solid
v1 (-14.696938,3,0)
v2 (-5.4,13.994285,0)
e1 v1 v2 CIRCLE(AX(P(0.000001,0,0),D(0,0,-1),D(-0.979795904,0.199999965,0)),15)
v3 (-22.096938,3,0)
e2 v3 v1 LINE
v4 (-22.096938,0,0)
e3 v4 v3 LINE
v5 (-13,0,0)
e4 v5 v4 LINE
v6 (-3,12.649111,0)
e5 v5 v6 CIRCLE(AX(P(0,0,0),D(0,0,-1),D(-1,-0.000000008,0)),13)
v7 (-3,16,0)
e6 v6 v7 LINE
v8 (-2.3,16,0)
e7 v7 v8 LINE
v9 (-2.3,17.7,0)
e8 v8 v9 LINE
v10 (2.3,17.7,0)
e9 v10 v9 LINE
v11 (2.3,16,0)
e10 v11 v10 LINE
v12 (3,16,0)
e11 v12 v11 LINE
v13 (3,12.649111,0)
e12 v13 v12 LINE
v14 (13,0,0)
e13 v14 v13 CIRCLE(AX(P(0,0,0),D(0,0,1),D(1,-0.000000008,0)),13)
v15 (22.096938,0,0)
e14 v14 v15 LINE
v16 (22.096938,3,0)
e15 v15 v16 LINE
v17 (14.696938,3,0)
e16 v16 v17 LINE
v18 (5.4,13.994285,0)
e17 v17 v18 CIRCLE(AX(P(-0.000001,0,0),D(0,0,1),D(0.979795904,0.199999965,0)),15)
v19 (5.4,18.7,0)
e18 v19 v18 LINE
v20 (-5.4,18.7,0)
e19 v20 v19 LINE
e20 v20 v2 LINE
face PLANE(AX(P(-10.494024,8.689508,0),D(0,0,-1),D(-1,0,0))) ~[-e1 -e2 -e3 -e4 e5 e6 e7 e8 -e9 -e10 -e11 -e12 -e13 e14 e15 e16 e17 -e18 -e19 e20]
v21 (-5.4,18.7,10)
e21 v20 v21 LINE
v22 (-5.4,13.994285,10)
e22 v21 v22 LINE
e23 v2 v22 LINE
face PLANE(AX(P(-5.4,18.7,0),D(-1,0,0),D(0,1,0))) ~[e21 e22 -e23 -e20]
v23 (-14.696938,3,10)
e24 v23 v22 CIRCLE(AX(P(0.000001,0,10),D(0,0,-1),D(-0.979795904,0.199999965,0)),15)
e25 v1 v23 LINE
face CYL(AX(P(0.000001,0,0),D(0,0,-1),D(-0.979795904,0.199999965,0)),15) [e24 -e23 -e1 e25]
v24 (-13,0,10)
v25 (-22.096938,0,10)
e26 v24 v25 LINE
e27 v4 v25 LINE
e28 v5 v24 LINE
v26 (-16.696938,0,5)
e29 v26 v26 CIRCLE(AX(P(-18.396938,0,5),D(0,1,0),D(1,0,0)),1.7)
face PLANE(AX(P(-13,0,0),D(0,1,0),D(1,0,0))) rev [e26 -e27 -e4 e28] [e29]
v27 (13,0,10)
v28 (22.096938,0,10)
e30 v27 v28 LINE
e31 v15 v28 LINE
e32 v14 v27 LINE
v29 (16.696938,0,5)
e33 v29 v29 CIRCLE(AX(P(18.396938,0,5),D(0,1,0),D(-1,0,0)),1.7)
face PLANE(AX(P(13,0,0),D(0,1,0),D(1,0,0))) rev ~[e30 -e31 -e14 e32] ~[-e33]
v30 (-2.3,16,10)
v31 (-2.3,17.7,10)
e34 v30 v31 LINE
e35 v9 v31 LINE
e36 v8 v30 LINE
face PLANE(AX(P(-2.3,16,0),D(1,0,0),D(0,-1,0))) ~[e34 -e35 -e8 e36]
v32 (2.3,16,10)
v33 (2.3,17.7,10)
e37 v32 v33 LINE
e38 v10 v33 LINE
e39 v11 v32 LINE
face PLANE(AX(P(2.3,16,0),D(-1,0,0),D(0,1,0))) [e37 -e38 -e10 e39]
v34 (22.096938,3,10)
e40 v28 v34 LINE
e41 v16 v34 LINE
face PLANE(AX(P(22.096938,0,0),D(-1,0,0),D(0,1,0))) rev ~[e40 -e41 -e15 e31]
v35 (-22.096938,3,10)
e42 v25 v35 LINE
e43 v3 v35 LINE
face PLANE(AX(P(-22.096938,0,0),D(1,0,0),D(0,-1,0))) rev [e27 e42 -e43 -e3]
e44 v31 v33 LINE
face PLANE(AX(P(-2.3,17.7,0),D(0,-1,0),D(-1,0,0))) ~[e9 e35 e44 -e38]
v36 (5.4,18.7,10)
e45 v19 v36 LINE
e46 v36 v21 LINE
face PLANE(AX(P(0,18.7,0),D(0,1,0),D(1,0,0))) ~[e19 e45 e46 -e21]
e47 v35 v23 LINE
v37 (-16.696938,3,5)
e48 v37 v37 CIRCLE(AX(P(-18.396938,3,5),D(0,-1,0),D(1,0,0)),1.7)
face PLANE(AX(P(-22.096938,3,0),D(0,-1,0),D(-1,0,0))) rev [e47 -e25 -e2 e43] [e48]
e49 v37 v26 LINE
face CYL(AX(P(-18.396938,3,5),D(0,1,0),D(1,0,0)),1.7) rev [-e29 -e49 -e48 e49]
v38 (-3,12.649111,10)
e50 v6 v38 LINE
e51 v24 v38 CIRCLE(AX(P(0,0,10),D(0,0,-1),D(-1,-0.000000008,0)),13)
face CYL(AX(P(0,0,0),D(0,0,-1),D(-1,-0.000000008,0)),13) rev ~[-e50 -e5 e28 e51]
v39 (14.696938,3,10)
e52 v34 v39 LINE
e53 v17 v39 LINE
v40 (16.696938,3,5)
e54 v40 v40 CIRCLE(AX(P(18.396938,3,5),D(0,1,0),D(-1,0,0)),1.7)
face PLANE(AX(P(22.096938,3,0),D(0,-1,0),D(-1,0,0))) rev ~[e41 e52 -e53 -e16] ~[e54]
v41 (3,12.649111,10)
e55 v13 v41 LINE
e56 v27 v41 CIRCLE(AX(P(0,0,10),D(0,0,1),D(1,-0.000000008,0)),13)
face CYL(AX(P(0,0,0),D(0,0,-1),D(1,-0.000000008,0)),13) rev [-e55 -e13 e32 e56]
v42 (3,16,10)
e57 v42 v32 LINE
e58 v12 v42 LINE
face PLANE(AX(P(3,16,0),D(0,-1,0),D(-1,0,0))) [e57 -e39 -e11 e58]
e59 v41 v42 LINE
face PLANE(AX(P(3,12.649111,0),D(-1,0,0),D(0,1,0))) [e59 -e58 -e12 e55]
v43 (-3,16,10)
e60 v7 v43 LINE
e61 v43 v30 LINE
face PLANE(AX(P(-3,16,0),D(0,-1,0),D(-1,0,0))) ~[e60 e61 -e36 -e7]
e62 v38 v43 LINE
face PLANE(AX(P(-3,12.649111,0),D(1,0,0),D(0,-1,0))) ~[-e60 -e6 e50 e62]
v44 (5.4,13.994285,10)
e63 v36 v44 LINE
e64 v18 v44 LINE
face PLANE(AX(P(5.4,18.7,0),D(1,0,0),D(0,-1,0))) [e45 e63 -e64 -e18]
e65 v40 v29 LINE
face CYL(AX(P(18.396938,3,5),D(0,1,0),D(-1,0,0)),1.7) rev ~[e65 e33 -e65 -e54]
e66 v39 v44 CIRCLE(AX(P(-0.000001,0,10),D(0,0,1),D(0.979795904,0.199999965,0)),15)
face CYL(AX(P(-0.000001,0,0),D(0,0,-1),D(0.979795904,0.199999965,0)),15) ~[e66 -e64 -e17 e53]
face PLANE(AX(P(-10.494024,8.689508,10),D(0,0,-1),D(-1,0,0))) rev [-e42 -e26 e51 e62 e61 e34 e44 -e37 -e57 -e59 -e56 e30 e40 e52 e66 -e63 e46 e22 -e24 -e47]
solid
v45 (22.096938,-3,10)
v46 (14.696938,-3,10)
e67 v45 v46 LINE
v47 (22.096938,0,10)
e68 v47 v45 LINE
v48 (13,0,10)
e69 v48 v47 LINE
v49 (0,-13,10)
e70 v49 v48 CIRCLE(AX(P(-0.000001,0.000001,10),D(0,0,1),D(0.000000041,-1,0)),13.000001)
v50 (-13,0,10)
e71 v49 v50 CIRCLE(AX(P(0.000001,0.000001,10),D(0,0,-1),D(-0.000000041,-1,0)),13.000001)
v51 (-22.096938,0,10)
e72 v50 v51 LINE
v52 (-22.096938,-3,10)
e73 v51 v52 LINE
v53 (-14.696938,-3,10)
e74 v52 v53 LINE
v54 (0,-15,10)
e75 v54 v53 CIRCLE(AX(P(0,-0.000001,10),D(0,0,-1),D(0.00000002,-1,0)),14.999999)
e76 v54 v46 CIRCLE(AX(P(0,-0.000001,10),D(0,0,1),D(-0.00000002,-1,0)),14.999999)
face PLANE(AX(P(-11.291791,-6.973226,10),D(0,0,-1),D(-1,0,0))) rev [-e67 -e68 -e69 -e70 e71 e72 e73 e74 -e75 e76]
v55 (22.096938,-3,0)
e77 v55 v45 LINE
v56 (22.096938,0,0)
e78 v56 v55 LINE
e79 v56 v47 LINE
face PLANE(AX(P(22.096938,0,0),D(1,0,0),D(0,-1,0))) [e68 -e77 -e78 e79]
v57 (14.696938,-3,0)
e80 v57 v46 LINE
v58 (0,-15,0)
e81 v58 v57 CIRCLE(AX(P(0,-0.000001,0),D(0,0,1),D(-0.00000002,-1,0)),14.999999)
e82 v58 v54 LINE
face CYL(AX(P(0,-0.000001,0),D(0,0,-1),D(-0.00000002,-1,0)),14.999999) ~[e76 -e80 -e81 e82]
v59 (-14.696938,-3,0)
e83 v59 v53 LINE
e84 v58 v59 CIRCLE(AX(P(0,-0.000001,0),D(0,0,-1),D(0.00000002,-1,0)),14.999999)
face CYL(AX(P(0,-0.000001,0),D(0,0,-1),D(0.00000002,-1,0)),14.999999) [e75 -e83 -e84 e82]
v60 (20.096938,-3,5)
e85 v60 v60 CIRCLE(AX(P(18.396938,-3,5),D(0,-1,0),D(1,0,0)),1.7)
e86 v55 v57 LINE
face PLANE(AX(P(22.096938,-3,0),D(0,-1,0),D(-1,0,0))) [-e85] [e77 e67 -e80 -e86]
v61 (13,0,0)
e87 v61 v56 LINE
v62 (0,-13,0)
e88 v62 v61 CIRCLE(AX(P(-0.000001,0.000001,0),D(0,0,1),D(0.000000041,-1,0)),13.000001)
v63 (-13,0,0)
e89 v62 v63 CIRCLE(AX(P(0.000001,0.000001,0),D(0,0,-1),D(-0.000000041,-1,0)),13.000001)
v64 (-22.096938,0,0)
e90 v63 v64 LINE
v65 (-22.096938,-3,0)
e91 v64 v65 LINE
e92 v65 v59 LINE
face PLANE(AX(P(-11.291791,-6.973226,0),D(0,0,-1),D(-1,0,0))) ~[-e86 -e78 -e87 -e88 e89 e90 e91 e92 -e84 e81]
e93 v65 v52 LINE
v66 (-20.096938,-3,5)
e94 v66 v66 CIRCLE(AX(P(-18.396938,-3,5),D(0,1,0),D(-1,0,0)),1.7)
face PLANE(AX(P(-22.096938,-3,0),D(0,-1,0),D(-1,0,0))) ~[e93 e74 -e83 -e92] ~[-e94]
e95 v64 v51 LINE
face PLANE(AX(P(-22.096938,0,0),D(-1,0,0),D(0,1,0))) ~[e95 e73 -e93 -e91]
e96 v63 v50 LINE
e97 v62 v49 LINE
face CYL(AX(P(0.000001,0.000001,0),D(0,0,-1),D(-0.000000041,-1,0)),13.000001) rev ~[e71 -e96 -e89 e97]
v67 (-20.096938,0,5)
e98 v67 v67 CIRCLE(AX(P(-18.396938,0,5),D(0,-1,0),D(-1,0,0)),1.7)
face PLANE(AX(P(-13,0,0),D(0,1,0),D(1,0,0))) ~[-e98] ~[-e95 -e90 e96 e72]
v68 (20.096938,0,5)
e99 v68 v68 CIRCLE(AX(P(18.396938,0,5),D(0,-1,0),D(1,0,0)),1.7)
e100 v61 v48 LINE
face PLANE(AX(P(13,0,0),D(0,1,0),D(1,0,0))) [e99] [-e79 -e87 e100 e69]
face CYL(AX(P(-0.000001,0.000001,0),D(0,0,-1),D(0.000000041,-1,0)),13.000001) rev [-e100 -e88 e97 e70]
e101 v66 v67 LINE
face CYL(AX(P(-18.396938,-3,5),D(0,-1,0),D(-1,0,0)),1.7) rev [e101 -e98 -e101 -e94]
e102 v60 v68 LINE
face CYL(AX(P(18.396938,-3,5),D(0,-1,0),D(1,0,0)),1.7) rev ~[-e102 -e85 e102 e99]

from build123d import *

# Parameters (mm, degrees)
PAD_DEPTH       = 10
SKETCH001_R     = 1.7
POCKET_DEPTH    = 5
PAD001_DEPTH    = 10
SKETCH003_R     = 1.7
POCKET001_DEPTH = 5


with BuildPart() as body:
    # Sketch → Pad (new body)
    with BuildSketch(Plane.XY):
        with BuildLine():
            ThreePointArc((13, 0), (10.198039, 8.062258), (3, 12.649111))
            Line((3, 12.649111), (3, 13))
            Line((3, 13), (3, 16))
            Line((3, 16), (2.3, 16))
            Line((2.3, 16), (2.3, 17.7))
            Line((2.3, 17.7), (0, 17.7))
            Line((0, 17.7), (0, 18.7))
            Line((0, 18.7), (5.4, 18.7))
            Line((5.4, 18.7), (5.4, 13.994285))
            ThreePointArc((14.696938, 3), (11.453834, 9.68554), (5.4, 13.994285))
            Line((22.096938, 3), (14.696938, 3))
            Line((22.096938, 0), (22.096938, 3))
            Line((13, 0), (22.096938, 0))
        make_face()
    pad = extrude(amount=PAD_DEPTH)

    # Sketch001 (on Face1 of Pad) → Pocket (cut)
    with BuildSketch(Plane(origin=(0, 3, 0), x_dir=(-1, 0, 0), z_dir=(0, 1, 0))):
        with Locations((-18.396938, 5)):
            Circle(SKETCH001_R)
    pocket = extrude(amount=-POCKET_DEPTH, mode=Mode.SUBTRACT)

    # Mirrored001: Pad, Pocket across Sketch V_Axis
    add(pad.mirror(Plane(origin=(0, 0, 0), x_dir=(0, 0, 1), z_dir=(1, 0, 0))))
    add(pocket.mirror(Plane(origin=(0, 0, 0), x_dir=(0, 0, 1), z_dir=(1, 0, 0))), mode=Mode.SUBTRACT)


with BuildPart() as body001:
    # Sketch002 → Pad001 (new body)
    with BuildSketch(Plane.XY):
        with BuildLine():
            ThreePointArc((0, -13), (9.192388, -9.192388), (13, 0))
            Line((13, 0), (22.096938, 0))
            Line((22.096938, 0), (22.096938, -3))
            Line((22.096938, -3), (14.696938, -3))
            ThreePointArc((0, -15), (9.486833, -11.61895), (14.696938, -3))
            Line((0, -13), (0, -15))
        make_face()
    pad001 = extrude(amount=PAD001_DEPTH)

    # Sketch003 (on Face4 of Pad001) → Pocket001 (cut)
    with BuildSketch(Plane.XZ.offset(3)):
        with Locations((18.396938, 5)):
            Circle(SKETCH003_R)
    pocket001 = extrude(amount=-POCKET001_DEPTH, mode=Mode.SUBTRACT)

    # Mirrored: Pad001, Pocket001 across Sketch002 V_Axis
    add(pad001.mirror(Plane(origin=(0, 0, 0), x_dir=(0, 0, 1), z_dir=(1, 0, 0))))
    add(pocket001.mirror(Plane(origin=(0, 0, 0), x_dir=(0, 0, 1), z_dir=(1, 0, 0))), mode=Mode.SUBTRACT)


solid = Compound([body.part, body001.part])
